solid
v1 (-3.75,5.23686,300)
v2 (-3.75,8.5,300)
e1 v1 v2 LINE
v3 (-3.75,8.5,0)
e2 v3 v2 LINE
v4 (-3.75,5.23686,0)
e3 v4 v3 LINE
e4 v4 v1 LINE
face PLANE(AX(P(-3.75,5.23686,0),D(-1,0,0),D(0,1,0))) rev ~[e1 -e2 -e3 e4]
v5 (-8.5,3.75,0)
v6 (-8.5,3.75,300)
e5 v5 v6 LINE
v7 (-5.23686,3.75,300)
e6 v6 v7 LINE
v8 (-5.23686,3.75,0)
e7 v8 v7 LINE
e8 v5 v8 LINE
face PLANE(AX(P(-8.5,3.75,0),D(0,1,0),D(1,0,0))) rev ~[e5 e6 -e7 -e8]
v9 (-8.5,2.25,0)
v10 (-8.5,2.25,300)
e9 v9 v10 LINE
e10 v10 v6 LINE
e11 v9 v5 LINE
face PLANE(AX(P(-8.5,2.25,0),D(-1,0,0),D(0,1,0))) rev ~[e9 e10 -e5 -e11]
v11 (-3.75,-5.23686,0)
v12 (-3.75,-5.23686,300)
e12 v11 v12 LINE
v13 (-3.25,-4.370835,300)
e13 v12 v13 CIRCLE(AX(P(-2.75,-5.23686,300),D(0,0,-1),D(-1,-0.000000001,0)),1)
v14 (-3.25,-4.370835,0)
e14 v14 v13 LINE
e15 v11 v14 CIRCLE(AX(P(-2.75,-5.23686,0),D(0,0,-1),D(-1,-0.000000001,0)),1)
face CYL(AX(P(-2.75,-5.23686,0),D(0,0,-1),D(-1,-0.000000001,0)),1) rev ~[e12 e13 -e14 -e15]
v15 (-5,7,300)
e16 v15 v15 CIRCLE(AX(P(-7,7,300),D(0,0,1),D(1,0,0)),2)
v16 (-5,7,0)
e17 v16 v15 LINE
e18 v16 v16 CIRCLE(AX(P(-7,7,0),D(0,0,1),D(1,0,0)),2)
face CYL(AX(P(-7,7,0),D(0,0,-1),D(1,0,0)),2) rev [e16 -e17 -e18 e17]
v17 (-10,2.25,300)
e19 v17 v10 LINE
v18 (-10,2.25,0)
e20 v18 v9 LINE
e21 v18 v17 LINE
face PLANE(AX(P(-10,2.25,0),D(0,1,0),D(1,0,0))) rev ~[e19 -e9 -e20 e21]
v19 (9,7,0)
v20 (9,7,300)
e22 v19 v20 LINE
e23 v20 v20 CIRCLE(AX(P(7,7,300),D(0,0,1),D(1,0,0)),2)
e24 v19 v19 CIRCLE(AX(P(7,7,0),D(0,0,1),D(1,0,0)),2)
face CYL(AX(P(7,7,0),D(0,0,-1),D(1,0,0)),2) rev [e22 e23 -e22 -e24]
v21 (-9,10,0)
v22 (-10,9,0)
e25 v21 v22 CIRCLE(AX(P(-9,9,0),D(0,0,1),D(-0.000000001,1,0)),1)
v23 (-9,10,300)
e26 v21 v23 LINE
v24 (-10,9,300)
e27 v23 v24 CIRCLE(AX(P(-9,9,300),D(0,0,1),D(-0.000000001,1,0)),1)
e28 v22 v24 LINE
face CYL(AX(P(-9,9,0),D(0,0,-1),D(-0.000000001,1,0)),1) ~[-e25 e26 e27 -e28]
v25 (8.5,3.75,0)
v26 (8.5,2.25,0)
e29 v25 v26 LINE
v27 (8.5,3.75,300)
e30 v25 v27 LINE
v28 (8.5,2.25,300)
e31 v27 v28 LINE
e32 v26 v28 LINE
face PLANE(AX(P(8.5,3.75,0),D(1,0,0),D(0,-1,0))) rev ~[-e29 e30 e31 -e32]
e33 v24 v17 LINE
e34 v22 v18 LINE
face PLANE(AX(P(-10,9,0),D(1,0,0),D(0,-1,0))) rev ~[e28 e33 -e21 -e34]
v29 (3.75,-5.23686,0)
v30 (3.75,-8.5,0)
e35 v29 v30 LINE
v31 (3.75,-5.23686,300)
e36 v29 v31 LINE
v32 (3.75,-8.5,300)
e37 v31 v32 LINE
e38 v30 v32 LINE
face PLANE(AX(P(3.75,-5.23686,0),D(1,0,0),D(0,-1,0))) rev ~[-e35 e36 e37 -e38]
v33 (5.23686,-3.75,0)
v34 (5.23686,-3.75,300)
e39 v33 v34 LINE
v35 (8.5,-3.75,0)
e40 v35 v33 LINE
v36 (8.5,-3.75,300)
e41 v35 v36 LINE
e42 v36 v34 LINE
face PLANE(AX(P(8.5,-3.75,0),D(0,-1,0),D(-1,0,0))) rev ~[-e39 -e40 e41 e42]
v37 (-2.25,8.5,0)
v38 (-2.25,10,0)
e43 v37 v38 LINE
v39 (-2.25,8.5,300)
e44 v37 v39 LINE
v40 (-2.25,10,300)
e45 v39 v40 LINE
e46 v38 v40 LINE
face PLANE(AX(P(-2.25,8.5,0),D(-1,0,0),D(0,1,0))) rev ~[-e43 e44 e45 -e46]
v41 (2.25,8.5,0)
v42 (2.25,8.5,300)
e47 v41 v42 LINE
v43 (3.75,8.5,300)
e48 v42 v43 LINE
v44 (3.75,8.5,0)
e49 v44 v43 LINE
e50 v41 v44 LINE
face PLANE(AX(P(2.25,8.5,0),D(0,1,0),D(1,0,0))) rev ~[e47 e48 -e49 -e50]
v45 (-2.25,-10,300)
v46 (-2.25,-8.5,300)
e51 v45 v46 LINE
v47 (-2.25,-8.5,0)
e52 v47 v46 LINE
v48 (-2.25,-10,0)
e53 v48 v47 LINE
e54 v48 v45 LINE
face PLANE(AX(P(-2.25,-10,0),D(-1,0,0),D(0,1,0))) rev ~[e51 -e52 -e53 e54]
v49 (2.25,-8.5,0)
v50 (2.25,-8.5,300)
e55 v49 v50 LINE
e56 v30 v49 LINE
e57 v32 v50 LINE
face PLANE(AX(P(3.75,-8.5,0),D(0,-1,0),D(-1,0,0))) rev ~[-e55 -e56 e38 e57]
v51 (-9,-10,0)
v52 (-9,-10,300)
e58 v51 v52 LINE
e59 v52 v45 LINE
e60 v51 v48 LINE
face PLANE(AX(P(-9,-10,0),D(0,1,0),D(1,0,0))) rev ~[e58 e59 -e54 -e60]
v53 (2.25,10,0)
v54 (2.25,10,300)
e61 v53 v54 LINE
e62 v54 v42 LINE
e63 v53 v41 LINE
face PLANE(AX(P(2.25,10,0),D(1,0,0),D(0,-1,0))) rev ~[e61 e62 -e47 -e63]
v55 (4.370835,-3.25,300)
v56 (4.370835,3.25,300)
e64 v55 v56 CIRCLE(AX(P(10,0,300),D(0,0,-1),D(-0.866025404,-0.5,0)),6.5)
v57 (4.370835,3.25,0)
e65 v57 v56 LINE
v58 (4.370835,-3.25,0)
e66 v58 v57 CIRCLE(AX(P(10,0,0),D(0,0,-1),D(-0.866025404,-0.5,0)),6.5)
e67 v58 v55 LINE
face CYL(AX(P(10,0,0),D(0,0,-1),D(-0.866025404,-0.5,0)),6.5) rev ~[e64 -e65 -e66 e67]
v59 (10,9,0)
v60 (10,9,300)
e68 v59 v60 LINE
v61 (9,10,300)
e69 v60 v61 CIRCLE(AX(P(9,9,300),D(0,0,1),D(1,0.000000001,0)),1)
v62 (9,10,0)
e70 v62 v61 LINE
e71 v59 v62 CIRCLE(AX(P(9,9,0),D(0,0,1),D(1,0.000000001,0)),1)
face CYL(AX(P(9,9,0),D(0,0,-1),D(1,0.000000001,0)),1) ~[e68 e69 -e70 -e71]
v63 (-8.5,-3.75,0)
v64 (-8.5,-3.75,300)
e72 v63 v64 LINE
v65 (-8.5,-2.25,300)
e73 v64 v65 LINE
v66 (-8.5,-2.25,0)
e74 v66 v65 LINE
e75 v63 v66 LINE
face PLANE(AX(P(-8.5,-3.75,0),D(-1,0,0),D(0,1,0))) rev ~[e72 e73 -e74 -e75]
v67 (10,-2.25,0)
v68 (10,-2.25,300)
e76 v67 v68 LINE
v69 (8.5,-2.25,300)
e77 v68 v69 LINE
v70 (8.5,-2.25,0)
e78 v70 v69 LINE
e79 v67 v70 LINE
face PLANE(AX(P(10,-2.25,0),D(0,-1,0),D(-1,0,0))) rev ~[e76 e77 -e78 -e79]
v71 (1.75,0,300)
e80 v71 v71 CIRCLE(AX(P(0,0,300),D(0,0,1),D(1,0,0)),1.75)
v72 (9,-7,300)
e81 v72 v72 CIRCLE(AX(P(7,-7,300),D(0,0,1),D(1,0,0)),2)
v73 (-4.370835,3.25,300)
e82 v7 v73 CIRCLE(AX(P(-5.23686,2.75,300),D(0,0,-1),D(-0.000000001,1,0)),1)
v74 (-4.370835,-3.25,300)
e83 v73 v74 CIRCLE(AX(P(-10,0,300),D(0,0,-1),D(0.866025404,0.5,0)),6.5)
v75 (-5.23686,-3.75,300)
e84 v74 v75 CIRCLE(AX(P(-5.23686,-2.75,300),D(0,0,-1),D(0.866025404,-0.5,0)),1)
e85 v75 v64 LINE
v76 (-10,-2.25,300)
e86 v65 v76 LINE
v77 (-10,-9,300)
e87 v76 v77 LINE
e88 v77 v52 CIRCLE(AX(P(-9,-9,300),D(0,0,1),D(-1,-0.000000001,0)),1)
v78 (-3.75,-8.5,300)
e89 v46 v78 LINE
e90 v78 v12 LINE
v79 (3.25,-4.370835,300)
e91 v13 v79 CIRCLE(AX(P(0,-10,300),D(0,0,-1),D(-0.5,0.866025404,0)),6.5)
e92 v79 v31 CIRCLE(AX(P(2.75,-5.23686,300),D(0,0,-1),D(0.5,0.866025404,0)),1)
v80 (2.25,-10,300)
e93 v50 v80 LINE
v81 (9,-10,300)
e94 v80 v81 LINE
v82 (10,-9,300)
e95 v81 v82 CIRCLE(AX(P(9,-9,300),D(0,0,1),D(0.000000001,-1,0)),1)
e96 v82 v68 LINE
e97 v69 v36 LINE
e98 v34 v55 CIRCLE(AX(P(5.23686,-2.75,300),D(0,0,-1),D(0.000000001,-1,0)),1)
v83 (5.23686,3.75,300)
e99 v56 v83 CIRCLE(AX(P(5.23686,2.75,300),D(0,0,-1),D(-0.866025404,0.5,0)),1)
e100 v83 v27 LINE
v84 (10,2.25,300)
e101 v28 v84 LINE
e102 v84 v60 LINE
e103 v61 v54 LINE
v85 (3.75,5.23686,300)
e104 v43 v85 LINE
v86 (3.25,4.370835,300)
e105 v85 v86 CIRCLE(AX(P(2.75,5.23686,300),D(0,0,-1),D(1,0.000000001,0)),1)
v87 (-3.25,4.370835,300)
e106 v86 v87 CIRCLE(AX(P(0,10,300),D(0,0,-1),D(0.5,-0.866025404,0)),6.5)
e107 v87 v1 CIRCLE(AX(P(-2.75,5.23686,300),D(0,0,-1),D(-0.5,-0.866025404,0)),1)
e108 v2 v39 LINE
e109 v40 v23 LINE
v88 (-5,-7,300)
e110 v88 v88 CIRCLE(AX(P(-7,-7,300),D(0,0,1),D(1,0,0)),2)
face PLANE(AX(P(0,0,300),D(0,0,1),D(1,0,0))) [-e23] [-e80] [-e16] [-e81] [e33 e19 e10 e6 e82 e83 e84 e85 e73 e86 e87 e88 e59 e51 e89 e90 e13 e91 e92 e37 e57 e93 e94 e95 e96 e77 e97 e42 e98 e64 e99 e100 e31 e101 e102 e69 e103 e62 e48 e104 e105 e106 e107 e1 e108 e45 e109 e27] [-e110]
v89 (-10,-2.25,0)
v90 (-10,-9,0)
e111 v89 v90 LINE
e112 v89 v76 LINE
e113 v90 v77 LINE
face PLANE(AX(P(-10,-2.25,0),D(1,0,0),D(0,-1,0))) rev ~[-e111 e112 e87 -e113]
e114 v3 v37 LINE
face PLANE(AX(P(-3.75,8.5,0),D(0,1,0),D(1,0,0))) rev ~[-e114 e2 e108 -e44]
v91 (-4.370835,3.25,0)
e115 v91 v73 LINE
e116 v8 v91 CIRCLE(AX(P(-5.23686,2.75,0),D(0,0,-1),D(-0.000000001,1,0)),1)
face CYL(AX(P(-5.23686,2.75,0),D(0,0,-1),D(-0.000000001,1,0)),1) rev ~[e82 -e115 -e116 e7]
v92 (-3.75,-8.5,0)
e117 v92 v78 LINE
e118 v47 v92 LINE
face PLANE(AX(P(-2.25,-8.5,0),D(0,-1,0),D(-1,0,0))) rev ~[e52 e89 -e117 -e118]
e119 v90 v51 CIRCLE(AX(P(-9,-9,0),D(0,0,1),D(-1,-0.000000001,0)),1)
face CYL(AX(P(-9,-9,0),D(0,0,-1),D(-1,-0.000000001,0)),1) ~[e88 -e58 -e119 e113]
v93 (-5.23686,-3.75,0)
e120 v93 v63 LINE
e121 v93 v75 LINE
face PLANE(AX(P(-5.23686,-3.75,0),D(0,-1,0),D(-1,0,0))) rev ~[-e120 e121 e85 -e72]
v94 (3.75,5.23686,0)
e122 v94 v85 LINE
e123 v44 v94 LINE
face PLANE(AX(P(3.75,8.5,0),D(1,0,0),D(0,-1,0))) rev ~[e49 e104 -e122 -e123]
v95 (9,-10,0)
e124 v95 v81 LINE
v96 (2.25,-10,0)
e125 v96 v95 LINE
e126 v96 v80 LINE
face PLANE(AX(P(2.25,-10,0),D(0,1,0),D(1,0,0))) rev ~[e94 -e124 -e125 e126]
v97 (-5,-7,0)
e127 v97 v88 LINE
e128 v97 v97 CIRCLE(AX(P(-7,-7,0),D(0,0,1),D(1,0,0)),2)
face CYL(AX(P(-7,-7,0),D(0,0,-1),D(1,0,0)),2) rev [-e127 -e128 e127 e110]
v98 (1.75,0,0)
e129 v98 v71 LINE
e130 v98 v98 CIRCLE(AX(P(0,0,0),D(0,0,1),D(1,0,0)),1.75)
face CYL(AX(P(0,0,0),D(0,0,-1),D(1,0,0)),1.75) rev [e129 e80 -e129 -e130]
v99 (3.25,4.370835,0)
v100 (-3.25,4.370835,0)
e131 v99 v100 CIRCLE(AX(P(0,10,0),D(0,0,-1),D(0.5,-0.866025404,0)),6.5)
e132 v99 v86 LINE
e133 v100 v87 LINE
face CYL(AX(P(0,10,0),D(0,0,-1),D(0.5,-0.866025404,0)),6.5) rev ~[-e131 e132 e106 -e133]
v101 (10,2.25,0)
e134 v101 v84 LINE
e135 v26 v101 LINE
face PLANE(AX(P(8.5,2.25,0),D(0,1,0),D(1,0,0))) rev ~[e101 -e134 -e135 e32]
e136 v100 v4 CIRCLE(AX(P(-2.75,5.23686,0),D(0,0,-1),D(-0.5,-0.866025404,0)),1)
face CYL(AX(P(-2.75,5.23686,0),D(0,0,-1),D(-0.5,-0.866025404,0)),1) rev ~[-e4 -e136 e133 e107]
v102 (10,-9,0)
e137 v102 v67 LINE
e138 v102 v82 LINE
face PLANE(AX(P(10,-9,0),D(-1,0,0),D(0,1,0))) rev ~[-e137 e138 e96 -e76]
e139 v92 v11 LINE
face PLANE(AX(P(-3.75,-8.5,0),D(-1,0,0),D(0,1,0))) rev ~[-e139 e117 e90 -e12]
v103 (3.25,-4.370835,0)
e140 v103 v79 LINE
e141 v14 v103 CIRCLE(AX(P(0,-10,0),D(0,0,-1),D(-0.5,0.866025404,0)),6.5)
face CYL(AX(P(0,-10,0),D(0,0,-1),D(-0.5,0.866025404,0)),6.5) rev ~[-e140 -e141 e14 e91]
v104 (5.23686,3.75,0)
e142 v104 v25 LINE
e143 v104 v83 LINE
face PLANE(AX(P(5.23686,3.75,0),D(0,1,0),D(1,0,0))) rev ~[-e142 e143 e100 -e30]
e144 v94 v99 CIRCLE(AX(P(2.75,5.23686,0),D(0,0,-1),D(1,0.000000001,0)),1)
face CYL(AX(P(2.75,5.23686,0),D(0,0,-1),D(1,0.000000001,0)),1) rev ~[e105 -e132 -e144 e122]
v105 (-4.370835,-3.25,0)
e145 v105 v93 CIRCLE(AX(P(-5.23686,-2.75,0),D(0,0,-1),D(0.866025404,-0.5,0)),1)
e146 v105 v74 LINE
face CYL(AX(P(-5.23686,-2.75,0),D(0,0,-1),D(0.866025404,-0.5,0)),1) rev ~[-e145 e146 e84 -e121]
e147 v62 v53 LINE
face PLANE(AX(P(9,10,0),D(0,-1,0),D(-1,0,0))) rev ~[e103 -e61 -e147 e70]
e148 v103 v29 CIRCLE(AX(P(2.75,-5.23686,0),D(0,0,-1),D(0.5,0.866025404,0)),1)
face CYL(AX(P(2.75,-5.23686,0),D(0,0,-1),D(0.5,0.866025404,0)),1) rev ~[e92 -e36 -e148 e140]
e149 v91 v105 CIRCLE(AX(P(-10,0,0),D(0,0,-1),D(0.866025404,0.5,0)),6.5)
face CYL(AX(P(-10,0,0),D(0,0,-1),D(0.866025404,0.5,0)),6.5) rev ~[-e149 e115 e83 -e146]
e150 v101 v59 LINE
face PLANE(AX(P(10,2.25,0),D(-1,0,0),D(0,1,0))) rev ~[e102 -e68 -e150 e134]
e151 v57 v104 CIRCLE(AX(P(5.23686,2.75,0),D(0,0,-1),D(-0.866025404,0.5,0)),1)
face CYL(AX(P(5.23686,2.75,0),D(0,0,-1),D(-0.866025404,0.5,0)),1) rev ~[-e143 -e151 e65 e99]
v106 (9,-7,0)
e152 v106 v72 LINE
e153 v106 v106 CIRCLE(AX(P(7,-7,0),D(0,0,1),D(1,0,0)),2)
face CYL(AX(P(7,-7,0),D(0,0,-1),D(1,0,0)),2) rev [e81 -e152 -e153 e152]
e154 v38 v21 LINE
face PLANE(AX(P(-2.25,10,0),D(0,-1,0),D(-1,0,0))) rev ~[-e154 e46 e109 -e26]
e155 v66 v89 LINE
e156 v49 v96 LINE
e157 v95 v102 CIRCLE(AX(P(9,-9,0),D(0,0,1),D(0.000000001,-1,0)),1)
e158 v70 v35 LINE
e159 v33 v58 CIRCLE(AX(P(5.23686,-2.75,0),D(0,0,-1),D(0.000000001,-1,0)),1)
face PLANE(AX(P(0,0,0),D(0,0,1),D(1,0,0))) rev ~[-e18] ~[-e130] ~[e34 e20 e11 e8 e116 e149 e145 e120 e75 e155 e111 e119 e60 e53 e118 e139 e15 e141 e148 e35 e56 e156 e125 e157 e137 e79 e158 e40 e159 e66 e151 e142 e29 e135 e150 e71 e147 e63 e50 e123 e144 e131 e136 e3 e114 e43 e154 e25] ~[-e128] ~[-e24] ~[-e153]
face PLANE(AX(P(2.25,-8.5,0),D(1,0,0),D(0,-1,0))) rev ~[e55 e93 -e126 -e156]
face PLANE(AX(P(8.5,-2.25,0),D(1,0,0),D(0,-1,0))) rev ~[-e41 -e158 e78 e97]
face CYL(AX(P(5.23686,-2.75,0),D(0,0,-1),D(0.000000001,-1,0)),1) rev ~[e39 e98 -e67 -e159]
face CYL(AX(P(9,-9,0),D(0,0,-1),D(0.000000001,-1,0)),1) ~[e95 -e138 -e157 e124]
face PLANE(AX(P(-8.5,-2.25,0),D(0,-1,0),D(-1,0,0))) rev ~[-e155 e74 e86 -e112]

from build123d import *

# Parameters (mm, degrees)
SKETCH1_R           = 2
SKETCH1_R_2         = 1.75
BOSS_EXTRUDE1_DEPTH = 300


with BuildPart() as part:
    # Sketch1 → Boss-Extrude1 (new body)
    with BuildSketch(Plane.XY):
        with BuildLine():
            Line((-10, 9), (-10, 2.25))
            Line((-10, 2.25), (-8.5, 2.25))
            Line((-8.5, 2.25), (-8.5, 3.75))
            Line((-8.5, 3.75), (-5.236860279, 3.75))
            ThreePointArc((-5.236860279, 3.75), (-4.736860279, 3.616025404), (-4.370834875, 3.25))
            ThreePointArc((-4.370834875, 3.25), (-3.5, 0), (-4.370834875, -3.25))
            ThreePointArc((-4.370834875, -3.25), (-4.736860279, -3.616025404), (-5.236860279, -3.75))
            Line((-5.236860279, -3.75), (-8.5, -3.75))
            Line((-8.5, -3.75), (-8.5, -2.25))
            Line((-8.5, -2.25), (-10, -2.25))
            Line((-10, -2.25), (-10, -9))
            ThreePointArc((-10, -9), (-9.707106781, -9.707106781), (-9, -10))
            Line((-9, -10), (-2.25, -10))
            Line((-2.25, -10), (-2.25, -8.5))
            Line((-2.25, -8.5), (-3.75, -8.5))
            Line((-3.75, -8.5), (-3.75, -5.236860279))
            ThreePointArc((-3.75, -5.236860279), (-3.616025404, -4.736860279), (-3.25, -4.370834875))
            ThreePointArc((-3.25, -4.370834875), (0, -3.5), (3.25, -4.370834875))
            ThreePointArc((3.25, -4.370834875), (3.616025404, -4.736860279), (3.75, -5.236860279))
            Line((3.75, -5.236860279), (3.75, -8.5))
            Line((3.75, -8.5), (2.25, -8.5))
            Line((2.25, -8.5), (2.25, -10))
            Line((2.25, -10), (9, -10))
            ThreePointArc((9, -10), (9.707106781, -9.707106781), (10, -9))
            Line((10, -9), (10, -2.25))
            Line((10, -2.25), (8.5, -2.25))
            Line((8.5, -2.25), (8.5, -3.75))
            Line((8.5, -3.75), (5.236860279, -3.75))
            ThreePointArc((5.236860279, -3.75), (4.736860279, -3.616025404), (4.370834875, -3.25))
            ThreePointArc((4.370834875, -3.25), (3.5, 0), (4.370834875, 3.25))
            ThreePointArc((4.370834875, 3.25), (4.736860279, 3.616025404), (5.236860279, 3.75))
            Line((5.236860279, 3.75), (8.5, 3.75))
            Line((8.5, 3.75), (8.5, 2.25))
            Line((8.5, 2.25), (10, 2.25))
            Line((10, 2.25), (10, 9))
            ThreePointArc((10, 9), (9.707106781, 9.707106781), (9, 10))
            Line((9, 10), (2.25, 10))
            Line((2.25, 10), (2.25, 8.5))
            Line((2.25, 8.5), (3.75, 8.5))
            Line((3.75, 8.5), (3.75, 5.236860279))
            ThreePointArc((3.75, 5.236860279), (3.616025404, 4.736860279), (3.25, 4.370834875))
            ThreePointArc((3.25, 4.370834875), (0, 3.5), (-3.25, 4.370834875))
            ThreePointArc((-3.25, 4.370834875), (-3.616025404, 4.736860279), (-3.75, 5.236860279))
            Line((-3.75, 5.236860279), (-3.75, 8.5))
            Line((-3.75, 8.5), (-2.25, 8.5))
            Line((-2.25, 8.5), (-2.25, 10))
            Line((-2.25, 10), (-9, 10))
            ThreePointArc((-9, 10), (-9.707106781, 9.707106781), (-10, 9))
        make_face()
        with Locations((-7, -7)):
            Circle(SKETCH1_R, mode=Mode.SUBTRACT)
        with Locations((7, -7)):
            Circle(SKETCH1_R, mode=Mode.SUBTRACT)
        with Locations((7, 7)):
            Circle(SKETCH1_R, mode=Mode.SUBTRACT)
        Circle(SKETCH1_R_2, mode=Mode.SUBTRACT)
        with Locations((-7, 7)):
            Circle(SKETCH1_R, mode=Mode.SUBTRACT)
    extrude(amount=BOSS_EXTRUDE1_DEPTH)


solid = part.part
